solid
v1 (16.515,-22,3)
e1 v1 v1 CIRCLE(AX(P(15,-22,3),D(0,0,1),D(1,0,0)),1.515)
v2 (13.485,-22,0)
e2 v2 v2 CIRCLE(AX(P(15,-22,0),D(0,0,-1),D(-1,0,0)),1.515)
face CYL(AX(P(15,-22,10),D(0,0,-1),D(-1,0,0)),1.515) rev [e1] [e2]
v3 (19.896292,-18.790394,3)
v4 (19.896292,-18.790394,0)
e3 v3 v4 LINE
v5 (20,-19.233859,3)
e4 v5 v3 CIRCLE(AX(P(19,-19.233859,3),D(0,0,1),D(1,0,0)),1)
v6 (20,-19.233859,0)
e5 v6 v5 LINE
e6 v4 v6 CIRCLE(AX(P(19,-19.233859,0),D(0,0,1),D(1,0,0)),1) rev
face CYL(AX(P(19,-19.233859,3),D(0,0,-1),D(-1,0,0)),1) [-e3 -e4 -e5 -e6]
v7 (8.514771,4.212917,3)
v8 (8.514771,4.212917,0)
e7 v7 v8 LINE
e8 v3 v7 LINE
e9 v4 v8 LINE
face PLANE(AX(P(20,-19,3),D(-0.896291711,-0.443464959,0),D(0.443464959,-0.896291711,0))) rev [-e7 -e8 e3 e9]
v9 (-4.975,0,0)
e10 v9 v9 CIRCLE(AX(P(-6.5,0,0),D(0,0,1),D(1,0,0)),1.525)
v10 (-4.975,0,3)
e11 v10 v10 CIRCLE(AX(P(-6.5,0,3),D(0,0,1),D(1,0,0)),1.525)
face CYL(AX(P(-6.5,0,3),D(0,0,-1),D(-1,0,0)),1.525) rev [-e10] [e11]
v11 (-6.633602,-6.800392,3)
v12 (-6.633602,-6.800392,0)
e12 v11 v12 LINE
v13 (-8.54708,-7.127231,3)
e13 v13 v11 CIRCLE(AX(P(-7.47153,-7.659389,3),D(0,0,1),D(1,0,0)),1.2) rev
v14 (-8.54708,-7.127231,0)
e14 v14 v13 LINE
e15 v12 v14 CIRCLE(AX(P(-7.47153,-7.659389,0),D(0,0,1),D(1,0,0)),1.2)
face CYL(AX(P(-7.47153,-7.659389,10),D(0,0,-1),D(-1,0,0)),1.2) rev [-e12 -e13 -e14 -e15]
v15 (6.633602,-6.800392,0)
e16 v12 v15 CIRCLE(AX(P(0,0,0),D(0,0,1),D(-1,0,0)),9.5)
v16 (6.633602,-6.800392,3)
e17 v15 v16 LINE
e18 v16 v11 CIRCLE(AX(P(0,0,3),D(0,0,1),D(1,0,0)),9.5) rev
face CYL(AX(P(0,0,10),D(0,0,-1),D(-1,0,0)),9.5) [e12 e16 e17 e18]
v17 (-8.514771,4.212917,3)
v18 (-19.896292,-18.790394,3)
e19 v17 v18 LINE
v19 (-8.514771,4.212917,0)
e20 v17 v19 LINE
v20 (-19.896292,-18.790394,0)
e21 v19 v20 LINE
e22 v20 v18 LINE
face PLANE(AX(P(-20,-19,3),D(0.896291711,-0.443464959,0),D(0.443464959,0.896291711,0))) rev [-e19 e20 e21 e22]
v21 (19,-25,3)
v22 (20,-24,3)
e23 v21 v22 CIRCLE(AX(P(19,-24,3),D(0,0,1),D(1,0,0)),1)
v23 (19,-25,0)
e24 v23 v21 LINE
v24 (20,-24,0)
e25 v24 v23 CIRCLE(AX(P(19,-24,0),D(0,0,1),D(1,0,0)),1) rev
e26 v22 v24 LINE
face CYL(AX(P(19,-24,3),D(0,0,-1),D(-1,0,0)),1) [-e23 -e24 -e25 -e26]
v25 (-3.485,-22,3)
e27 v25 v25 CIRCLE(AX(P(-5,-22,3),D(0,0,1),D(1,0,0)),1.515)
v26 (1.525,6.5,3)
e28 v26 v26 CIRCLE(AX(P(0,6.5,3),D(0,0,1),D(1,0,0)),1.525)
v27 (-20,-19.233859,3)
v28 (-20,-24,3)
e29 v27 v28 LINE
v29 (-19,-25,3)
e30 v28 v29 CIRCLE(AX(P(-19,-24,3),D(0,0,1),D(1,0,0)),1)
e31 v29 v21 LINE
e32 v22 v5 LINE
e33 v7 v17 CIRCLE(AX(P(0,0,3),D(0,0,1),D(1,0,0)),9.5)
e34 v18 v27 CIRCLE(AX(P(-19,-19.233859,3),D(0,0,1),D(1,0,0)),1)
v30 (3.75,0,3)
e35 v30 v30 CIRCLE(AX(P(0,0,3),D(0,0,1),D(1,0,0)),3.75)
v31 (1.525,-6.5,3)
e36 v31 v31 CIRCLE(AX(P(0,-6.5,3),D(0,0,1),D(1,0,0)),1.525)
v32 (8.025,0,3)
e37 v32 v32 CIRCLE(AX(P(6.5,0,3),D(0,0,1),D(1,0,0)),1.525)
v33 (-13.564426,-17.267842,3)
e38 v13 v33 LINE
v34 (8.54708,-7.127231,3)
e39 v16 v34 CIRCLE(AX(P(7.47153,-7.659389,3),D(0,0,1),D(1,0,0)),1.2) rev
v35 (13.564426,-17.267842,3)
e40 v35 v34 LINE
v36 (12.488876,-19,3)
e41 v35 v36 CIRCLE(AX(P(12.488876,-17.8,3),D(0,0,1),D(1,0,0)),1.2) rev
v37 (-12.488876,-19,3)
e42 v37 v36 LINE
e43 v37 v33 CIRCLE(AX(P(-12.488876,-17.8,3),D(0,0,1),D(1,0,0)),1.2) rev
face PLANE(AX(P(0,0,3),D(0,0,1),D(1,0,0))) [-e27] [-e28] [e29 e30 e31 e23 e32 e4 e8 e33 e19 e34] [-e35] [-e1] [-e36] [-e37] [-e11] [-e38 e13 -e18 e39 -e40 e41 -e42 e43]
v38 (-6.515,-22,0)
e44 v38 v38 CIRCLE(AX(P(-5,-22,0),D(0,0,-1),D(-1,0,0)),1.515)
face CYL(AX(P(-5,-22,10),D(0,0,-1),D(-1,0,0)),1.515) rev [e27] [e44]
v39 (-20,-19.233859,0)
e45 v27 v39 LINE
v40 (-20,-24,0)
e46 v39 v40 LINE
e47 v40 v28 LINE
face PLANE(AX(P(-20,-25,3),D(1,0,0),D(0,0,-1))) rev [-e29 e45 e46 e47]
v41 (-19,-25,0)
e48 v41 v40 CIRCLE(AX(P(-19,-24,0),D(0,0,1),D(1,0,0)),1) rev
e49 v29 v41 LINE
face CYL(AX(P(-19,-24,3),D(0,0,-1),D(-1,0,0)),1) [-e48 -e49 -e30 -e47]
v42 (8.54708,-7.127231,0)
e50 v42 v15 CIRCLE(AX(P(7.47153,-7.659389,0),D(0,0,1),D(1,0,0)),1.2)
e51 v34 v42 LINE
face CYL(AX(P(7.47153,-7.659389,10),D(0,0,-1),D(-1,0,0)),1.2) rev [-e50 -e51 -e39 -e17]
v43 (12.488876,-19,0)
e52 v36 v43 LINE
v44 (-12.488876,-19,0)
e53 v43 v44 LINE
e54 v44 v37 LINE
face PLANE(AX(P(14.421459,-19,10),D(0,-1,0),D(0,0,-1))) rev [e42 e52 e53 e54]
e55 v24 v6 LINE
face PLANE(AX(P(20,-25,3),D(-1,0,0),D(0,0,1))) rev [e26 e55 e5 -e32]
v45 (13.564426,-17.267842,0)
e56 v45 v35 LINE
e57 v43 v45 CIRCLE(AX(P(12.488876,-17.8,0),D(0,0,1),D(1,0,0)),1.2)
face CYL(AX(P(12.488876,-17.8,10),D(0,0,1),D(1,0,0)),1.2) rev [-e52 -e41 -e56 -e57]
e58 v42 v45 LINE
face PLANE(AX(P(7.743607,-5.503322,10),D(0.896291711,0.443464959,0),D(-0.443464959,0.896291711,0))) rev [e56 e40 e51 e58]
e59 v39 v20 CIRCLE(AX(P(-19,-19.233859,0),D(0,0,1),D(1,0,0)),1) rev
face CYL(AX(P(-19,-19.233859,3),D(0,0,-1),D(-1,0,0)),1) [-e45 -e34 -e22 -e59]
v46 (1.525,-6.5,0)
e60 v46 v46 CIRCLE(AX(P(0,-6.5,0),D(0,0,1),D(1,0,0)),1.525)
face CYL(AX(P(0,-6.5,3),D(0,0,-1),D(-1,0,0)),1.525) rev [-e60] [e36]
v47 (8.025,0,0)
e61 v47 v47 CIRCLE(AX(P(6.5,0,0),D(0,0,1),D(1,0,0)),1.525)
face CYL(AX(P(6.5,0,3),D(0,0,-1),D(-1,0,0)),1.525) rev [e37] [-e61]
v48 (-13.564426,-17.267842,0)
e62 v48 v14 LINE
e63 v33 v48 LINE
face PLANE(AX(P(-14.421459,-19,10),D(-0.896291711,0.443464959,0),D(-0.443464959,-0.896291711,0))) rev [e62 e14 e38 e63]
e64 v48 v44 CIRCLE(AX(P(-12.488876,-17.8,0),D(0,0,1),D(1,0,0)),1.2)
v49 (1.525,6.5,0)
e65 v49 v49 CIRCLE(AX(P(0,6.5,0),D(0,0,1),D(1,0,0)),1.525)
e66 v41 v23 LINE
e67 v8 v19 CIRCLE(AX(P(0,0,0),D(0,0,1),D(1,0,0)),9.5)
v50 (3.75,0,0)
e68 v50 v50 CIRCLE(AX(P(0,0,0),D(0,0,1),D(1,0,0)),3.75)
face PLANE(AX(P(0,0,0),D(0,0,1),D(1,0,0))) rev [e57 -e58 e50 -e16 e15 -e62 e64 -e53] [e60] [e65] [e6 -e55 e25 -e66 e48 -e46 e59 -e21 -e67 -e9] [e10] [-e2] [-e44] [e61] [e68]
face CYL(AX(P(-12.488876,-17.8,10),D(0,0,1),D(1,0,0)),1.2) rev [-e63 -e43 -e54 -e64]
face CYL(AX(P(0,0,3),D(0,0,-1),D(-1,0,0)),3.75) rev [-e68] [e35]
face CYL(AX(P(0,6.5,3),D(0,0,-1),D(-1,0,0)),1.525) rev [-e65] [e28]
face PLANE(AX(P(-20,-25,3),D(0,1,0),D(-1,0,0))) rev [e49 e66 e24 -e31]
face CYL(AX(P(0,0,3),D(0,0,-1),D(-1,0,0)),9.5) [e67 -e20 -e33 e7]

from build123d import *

# Parameters (mm, degrees)
SKETCH_1_R          = 1.525
SKETCH_1_R_2        = 3.75
EXTRUDE_1_DEPTH     = 3
FILLET_1_R          = 1
SKETCH_2_R          = 1.515
CUT_EXTRUDE_1_DEPTH = 10
CUT_EXTRUDE_2_DEPTH = 10
FILLET_2_R          = 1.2


with BuildPart() as part:
    # 草图1 → 凸台-拉伸1 (new body)
    with BuildSketch(Plane.XY):
        with BuildLine():
            Line((-20, -25), (20, -25))
            Line((20, -25), (20, -19))
            Line((20, -19), (8.514771251, 4.212917106))
            ThreePointArc((8.514771251, 4.212917106), (0, 9.5), (-8.514771251, 4.212917106))
            Line((-8.514771251, 4.212917106), (-20, -19))
            Line((-20, -19), (-20, -25))
        make_face()
        with Locations((0, 6.5)):
            Circle(SKETCH_1_R, mode=Mode.SUBTRACT)
        with Locations((6.5, 0)):
            Circle(SKETCH_1_R, mode=Mode.SUBTRACT)
        with Locations((0, -6.5)):
            Circle(SKETCH_1_R, mode=Mode.SUBTRACT)
        with Locations((-6.5, 0)):
            Circle(SKETCH_1_R, mode=Mode.SUBTRACT)
        Circle(SKETCH_1_R_2, mode=Mode.SUBTRACT)
    extrude(amount=EXTRUDE_1_DEPTH)

    # 圆角1
    fillet_1_edges = [part.edges().sort_by_distance(p)[0] for p in [
        (20, -25, 1.5),
        (-20, -25, 1.5),
        (-20, -19, 1.5),
        (20, -19, 1.5),
    ]]
    fillet(fillet_1_edges, radius=FILLET_1_R)

    # 草图2 → 切除-拉伸1 (cut)
    with BuildSketch(Plane(origin=(0, 0, 0), x_dir=(-1, 0, 0), z_dir=(0, 0, -1))):
        with Locations((-15, -22)):
            Circle(SKETCH_2_R)
        with Locations((5, -22)):
            Circle(SKETCH_2_R)
    extrude(amount=-CUT_EXTRUDE_1_DEPTH, mode=Mode.SUBTRACT)

    # 草图3 → 切除-拉伸2 (cut)
    with BuildSketch(Plane(origin=(0, 0, 0), x_dir=(-1, 0, 0), z_dir=(0, 0, -1))):
        with BuildLine():
            Line((-7.743606738, -5.50332215), (-14.421459062, -19))
            Line((-14.421459062, -19), (14.421459062, -19))
            Line((14.421459062, -19), (7.743606738, -5.50332215))
            ThreePointArc((7.743606738, -5.50332215), (0, -9.5), (-7.743606738, -5.50332215))
        make_face()
    extrude(amount=-CUT_EXTRUDE_2_DEPTH, mode=Mode.SUBTRACT)

    # 圆角2
    fillet_2_edges = [part.edges().sort_by_distance(p)[0] for p in [
        (7.743606738, -5.50332215, 1.5),
        (-7.743606738, -5.50332215, 1.5),
        (-14.421459062, -19, 1.5),
        (14.421459062, -19, 1.5),
    ]]
    fillet(fillet_2_edges, radius=FILLET_2_R)


solid = part.part
